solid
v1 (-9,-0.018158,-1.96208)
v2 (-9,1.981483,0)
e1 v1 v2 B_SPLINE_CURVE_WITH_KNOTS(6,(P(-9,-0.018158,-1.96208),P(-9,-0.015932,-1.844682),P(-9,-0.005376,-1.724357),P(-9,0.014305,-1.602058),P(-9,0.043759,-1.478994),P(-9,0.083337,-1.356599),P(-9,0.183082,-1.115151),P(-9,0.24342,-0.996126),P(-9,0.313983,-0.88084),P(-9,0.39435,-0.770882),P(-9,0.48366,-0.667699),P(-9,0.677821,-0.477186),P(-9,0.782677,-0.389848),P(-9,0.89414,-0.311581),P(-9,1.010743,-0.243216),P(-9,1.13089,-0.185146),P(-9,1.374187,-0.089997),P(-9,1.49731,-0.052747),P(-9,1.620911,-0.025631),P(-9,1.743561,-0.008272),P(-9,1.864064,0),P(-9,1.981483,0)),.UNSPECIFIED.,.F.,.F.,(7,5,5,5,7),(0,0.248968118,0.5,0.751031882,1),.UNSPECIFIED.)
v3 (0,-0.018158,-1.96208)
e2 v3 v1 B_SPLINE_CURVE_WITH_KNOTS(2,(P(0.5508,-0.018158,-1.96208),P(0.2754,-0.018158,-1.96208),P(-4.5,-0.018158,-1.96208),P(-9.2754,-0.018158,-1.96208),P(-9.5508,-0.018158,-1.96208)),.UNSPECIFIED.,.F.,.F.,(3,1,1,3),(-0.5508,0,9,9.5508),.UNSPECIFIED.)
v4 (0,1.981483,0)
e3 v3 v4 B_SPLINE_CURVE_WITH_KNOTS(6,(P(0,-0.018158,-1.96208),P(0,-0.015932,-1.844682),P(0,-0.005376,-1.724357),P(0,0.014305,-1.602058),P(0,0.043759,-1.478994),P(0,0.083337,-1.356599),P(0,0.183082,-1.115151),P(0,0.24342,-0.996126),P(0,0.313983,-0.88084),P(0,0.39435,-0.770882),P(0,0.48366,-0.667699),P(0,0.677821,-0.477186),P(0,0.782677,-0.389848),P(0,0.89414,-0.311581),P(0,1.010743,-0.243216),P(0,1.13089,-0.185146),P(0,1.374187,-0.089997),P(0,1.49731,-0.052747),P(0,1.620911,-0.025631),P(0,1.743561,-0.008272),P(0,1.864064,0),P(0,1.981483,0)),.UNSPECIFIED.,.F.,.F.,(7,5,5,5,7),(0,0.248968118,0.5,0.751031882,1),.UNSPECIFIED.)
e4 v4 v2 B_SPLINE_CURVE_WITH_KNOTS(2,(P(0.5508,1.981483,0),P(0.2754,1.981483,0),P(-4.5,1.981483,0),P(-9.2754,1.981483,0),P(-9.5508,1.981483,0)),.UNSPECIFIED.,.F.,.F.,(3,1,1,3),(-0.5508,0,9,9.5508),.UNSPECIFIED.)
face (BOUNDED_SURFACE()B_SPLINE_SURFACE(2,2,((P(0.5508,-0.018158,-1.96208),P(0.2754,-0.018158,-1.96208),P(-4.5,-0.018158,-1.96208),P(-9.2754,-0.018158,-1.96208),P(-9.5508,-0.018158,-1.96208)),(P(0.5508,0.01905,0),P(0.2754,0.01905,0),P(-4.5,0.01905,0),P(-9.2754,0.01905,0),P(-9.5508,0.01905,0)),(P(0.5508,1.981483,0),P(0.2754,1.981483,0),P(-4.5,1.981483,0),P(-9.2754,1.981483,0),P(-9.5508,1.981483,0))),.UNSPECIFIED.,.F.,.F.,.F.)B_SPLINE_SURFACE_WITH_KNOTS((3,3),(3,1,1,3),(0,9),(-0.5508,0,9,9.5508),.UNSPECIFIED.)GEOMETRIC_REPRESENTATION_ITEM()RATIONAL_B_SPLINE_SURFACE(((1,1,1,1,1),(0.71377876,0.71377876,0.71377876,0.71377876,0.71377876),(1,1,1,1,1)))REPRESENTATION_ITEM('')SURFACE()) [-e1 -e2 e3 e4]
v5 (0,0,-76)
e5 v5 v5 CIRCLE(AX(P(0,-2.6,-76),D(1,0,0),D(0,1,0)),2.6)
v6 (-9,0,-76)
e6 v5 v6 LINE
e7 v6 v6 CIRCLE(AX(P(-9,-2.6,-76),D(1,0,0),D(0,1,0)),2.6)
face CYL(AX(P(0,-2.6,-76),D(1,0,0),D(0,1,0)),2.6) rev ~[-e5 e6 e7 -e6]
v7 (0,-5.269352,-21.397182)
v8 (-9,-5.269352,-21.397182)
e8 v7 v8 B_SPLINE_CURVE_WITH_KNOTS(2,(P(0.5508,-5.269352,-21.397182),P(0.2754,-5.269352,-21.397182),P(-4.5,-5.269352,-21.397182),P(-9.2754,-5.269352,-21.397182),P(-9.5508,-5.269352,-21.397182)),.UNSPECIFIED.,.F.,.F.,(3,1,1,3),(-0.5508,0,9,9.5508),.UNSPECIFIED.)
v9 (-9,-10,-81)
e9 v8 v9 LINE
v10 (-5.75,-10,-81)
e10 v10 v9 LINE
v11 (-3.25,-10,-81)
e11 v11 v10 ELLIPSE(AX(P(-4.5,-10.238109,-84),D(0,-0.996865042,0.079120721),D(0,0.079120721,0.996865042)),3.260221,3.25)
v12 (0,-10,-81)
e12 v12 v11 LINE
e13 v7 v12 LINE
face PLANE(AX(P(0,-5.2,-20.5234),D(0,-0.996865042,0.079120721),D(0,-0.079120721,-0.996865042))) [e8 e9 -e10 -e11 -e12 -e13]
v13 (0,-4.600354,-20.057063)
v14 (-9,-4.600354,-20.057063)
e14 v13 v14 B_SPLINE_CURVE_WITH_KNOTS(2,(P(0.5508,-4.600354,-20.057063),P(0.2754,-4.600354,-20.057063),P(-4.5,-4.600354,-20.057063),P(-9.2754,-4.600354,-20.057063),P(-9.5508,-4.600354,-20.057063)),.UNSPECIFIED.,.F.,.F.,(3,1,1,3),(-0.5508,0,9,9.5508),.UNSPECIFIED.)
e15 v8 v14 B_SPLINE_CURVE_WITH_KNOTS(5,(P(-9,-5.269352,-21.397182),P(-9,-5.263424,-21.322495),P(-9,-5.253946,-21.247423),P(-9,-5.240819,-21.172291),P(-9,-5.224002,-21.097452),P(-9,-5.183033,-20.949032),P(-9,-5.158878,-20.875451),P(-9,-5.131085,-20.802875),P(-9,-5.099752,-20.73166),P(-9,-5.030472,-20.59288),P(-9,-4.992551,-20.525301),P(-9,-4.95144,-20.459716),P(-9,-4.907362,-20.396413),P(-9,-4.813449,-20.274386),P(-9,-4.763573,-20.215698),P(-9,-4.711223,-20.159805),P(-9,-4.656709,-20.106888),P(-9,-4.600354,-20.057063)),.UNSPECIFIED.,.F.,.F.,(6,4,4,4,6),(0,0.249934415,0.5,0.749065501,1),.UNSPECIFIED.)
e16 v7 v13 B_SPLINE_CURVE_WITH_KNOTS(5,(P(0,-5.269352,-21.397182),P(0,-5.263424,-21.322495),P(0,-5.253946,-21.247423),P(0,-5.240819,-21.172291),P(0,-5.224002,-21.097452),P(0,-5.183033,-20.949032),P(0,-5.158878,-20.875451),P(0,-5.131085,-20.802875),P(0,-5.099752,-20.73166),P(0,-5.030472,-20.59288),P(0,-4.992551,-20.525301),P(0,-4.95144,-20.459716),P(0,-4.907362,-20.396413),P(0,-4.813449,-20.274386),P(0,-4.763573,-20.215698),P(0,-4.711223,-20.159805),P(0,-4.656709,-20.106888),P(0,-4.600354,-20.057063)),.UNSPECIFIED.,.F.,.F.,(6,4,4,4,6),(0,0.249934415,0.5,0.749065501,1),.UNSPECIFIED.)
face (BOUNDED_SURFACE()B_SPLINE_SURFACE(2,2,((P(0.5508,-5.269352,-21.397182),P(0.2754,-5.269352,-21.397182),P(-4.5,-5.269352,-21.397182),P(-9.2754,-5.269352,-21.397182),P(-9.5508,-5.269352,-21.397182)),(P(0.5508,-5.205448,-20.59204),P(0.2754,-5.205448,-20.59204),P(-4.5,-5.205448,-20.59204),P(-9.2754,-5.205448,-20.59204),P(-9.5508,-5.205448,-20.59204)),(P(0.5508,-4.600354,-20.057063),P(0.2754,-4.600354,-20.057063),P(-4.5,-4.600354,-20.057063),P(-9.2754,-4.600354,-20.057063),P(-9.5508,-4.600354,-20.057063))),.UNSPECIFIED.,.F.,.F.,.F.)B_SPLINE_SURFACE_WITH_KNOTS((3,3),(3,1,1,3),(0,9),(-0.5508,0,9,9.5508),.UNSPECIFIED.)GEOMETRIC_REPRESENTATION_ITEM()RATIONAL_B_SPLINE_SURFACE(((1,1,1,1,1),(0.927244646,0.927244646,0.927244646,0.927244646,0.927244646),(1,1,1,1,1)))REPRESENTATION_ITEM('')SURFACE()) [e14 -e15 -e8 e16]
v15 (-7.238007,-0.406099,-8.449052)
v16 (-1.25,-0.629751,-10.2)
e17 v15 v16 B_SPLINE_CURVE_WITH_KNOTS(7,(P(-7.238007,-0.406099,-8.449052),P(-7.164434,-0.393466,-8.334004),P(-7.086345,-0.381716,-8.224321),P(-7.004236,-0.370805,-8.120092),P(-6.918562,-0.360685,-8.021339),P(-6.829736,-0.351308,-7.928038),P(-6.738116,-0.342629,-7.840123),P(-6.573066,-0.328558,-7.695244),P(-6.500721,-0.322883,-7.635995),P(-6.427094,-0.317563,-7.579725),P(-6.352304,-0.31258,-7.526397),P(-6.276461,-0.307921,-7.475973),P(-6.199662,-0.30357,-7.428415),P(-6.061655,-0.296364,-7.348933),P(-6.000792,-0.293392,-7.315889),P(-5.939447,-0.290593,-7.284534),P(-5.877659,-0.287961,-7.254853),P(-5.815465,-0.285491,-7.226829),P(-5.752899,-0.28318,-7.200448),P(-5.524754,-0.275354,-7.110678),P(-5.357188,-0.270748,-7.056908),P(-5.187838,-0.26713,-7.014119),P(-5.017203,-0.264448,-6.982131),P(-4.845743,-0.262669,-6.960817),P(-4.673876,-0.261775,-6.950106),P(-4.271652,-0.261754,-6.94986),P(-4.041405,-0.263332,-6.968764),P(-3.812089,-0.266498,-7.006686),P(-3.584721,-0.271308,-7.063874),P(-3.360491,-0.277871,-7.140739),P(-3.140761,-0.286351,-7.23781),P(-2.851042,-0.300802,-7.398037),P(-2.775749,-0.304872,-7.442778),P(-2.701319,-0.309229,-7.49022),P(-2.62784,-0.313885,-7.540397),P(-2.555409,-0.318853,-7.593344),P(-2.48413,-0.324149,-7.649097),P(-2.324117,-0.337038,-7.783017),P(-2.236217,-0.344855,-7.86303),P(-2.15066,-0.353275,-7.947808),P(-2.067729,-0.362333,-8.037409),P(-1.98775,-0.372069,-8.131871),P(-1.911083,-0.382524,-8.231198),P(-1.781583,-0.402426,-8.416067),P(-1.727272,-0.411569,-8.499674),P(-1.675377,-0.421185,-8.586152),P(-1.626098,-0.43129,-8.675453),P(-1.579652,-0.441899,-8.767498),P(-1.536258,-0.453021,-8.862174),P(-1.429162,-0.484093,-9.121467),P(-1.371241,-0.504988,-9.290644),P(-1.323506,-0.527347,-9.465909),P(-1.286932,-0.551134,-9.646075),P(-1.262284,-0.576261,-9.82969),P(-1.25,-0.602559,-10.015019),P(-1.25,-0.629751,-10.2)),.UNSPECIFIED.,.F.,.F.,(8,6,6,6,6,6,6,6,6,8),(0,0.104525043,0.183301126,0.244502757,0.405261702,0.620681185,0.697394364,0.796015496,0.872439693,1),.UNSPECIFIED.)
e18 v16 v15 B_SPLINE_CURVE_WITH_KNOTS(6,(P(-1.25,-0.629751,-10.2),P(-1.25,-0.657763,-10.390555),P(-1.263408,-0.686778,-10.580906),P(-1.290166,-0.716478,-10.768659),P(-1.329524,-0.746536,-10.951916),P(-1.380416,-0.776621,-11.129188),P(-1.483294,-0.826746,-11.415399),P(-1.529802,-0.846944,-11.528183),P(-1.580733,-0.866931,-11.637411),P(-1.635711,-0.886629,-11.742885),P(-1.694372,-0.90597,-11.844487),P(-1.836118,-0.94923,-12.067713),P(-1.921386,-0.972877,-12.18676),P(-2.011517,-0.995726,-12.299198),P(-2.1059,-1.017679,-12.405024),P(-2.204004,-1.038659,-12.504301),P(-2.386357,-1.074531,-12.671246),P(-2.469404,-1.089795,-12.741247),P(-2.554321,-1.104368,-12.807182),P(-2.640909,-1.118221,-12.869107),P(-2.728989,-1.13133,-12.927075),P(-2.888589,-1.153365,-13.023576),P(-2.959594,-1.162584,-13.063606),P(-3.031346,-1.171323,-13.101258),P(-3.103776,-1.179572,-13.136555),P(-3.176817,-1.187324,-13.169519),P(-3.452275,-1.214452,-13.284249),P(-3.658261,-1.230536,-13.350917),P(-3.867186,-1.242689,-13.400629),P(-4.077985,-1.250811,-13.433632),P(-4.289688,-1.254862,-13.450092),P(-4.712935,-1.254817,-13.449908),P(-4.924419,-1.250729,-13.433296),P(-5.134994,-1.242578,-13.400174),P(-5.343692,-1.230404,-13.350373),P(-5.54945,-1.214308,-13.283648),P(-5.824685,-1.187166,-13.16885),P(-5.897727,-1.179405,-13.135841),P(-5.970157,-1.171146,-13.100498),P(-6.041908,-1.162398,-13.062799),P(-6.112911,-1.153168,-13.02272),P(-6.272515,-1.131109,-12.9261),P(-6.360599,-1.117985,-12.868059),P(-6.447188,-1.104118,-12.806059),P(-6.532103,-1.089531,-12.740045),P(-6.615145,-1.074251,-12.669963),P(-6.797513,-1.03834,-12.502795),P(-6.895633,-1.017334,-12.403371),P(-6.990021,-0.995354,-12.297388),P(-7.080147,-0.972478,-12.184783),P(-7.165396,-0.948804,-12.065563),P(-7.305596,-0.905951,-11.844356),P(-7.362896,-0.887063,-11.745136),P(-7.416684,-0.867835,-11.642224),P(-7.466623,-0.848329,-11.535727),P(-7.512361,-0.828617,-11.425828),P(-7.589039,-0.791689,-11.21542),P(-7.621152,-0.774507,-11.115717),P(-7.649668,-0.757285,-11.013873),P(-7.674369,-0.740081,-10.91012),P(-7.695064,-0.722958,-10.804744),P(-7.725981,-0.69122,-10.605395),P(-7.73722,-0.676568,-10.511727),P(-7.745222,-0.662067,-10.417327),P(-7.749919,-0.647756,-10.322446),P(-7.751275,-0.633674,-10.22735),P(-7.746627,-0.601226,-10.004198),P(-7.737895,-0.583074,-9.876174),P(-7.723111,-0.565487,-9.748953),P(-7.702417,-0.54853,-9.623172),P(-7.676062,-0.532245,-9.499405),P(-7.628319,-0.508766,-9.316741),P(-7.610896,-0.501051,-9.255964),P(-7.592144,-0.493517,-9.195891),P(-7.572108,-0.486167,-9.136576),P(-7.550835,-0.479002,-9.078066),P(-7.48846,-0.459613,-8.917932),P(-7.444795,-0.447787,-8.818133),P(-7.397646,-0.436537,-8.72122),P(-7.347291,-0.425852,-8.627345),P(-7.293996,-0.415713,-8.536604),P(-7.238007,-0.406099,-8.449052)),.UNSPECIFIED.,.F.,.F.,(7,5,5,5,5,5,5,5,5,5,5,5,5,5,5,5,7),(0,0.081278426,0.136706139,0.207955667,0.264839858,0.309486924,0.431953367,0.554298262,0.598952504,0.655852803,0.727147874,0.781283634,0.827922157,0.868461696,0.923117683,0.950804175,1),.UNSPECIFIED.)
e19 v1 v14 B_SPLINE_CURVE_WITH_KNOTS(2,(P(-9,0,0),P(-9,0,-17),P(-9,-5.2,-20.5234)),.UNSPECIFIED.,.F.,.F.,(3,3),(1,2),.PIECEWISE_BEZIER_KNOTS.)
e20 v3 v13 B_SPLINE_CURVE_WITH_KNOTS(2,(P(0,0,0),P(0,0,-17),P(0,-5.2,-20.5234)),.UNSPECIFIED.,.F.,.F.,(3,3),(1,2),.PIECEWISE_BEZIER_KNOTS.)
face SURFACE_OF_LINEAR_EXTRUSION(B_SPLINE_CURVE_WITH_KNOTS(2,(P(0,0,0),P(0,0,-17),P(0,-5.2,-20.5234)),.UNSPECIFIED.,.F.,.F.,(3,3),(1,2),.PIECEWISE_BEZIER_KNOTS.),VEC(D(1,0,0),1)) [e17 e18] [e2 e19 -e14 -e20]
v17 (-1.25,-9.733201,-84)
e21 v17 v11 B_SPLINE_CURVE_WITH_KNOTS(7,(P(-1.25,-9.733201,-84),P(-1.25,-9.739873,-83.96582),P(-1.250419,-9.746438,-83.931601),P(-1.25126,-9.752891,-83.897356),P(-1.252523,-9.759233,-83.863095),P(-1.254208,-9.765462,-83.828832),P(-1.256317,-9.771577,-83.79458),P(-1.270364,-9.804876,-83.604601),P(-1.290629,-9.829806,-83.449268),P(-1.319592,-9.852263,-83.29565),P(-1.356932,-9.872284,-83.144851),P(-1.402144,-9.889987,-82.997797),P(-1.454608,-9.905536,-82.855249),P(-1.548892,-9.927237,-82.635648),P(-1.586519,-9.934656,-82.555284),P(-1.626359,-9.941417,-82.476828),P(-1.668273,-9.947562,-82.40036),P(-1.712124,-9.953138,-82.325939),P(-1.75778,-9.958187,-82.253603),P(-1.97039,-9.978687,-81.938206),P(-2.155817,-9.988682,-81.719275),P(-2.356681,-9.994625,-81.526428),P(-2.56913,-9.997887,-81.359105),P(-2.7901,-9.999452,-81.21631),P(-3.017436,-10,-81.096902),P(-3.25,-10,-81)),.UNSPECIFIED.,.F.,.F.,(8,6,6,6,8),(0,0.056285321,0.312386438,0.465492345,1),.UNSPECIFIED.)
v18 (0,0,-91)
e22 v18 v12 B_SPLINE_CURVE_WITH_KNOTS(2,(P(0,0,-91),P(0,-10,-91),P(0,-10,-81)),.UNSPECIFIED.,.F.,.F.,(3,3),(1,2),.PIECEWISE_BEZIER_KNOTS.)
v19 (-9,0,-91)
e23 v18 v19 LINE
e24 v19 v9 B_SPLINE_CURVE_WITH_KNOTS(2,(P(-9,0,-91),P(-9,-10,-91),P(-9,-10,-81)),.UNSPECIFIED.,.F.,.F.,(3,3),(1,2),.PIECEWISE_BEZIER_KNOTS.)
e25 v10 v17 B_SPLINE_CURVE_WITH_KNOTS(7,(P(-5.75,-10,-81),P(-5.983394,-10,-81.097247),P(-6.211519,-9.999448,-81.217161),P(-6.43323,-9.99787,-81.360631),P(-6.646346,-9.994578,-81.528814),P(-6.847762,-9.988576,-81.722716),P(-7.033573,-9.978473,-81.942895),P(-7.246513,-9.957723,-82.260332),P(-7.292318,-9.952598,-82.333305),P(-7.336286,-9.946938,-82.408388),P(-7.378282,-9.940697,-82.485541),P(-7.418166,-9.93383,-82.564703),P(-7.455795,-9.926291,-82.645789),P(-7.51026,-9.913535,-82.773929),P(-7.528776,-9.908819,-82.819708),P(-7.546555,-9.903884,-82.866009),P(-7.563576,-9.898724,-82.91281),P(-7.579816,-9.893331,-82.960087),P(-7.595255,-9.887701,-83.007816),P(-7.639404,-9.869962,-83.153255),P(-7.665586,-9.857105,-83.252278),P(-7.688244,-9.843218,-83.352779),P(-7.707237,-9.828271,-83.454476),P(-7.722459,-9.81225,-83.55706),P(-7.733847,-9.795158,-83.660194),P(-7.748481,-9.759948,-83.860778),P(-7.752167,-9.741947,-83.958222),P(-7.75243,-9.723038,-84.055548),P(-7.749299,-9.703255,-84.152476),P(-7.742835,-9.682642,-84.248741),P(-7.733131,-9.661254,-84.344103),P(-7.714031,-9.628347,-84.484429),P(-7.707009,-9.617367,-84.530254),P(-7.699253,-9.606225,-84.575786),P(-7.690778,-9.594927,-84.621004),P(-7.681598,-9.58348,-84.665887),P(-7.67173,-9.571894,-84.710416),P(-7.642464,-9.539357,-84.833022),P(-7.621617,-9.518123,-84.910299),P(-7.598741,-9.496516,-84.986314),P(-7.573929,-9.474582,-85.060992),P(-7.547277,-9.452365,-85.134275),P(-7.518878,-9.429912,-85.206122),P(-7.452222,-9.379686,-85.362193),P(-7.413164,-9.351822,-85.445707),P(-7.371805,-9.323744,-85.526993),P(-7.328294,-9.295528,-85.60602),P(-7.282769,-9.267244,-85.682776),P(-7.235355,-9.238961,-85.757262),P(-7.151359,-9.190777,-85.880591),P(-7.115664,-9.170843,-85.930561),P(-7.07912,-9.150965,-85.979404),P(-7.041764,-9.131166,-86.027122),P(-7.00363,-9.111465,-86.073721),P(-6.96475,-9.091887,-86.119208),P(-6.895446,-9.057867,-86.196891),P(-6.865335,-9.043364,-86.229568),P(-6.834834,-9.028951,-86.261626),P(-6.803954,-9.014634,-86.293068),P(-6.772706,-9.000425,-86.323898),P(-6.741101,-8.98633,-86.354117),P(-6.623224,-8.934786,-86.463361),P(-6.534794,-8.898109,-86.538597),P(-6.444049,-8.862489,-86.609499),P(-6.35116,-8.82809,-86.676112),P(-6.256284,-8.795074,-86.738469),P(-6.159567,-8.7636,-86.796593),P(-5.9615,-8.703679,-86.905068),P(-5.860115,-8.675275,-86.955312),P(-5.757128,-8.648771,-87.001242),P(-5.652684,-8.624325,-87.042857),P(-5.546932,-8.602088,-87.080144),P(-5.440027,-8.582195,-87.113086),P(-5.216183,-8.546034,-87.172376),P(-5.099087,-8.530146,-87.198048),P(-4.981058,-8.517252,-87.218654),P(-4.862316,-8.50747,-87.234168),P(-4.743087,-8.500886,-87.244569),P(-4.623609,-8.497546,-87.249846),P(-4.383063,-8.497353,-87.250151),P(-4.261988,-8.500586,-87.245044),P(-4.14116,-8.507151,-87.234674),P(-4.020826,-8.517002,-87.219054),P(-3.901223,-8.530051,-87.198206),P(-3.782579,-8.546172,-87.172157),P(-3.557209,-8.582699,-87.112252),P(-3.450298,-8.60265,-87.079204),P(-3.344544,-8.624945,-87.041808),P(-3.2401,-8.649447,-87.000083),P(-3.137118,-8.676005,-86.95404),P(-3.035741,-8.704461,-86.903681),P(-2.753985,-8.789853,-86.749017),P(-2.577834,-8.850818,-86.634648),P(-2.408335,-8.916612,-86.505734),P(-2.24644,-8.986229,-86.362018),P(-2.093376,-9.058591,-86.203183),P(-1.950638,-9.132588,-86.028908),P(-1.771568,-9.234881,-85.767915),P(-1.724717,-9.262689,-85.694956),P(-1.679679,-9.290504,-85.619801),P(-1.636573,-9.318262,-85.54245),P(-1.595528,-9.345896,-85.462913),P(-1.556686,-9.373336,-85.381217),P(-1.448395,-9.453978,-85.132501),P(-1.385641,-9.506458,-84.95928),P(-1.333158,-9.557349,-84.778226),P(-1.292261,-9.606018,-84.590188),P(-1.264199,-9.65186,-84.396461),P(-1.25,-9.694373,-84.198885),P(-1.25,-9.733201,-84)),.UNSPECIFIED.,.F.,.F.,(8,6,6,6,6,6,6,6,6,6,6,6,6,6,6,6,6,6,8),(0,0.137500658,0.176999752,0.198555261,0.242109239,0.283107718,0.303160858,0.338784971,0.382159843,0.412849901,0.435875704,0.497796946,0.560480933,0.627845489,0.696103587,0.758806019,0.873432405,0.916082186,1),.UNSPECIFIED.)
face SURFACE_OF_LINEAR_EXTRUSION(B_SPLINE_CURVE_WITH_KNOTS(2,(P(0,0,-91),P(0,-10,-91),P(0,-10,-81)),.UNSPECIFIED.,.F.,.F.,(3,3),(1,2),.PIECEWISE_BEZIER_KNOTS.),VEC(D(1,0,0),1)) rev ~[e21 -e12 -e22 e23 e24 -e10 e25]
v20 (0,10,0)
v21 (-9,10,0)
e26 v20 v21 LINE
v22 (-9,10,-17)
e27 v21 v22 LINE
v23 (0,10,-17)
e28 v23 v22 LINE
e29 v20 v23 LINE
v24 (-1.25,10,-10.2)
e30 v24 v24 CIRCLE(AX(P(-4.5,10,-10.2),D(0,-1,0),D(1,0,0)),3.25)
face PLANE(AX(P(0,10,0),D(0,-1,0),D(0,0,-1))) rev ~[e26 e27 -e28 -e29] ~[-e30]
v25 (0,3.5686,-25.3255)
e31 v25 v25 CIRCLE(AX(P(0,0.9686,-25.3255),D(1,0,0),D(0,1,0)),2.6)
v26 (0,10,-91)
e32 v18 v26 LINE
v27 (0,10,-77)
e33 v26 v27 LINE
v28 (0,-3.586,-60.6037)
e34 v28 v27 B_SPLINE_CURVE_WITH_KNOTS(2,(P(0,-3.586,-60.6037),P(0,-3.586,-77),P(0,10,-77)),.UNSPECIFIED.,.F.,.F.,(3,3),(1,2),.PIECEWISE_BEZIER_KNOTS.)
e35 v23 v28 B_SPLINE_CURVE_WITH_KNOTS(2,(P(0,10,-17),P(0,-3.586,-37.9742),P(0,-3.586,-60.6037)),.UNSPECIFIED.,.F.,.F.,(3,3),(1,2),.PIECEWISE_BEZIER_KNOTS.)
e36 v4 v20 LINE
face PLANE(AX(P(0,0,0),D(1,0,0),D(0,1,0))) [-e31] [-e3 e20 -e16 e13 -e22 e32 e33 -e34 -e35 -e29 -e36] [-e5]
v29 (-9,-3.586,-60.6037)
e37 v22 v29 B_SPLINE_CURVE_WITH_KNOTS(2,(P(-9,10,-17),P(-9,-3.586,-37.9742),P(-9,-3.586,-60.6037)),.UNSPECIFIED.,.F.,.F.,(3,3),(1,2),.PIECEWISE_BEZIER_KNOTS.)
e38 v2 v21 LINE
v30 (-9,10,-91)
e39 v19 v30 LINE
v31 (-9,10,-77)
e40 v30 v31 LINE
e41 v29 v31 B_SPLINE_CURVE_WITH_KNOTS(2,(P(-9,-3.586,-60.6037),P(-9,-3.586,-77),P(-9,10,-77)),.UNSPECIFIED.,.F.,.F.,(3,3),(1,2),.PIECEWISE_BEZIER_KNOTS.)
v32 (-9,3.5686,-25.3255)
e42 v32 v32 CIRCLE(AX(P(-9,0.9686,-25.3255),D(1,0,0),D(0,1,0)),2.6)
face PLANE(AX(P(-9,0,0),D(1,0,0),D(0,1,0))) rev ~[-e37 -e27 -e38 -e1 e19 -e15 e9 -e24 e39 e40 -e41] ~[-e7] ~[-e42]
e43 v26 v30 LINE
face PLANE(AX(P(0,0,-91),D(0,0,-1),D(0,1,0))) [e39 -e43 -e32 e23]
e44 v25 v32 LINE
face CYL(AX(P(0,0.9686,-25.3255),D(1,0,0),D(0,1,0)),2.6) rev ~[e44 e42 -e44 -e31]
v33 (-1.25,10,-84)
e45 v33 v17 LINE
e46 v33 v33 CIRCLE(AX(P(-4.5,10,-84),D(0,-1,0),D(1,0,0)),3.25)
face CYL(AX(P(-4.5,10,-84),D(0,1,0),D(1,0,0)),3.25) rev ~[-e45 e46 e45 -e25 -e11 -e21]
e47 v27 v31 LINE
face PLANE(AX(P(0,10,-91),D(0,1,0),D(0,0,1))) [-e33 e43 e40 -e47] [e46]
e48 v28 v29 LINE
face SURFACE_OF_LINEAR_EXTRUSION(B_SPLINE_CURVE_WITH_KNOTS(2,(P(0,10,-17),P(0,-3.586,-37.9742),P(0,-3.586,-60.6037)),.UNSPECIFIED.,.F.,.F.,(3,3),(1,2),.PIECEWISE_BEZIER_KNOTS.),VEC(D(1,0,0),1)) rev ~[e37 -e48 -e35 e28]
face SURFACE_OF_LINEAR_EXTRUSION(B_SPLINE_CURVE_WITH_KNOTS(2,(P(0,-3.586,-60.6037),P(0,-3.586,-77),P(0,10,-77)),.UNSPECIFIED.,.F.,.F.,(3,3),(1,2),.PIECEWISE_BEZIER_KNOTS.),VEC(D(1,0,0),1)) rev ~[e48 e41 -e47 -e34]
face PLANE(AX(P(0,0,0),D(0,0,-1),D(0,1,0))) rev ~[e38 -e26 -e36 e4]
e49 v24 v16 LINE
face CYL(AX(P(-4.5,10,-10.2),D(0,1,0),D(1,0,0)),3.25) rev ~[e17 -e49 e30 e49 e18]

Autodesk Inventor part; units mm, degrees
ref_plane "YZ Plane" through (0, 0, 0) normal (1, 0, 0) x (0, 1, 0)
ref_plane "XZ Plane" through (0, 0, 0) normal (0, 1, 0) x (-1, 0, 0)
ref_plane "XY Plane" through (0, 0, 0) normal (0, 0, 1) x (1, 0, 0)
sketch "Boceto3" plane through (0, 0, 0) normal (1, 0, 0) x (0, 1, 0)
  line L0 (0, -90) -> (0, -91)
  line L1 (0, -91) -> (10, -91)
  line L2 (10, -91) -> (10, -77)
  line L3 (-3.586, -60.6037) -> (-3.586, -77) construction
  line L4 (-3.586, -77) -> (10, -77) construction
  spline S0 degree 2 poles (-3.586, -60.6037) (-3.586, -77) (10, -77) knots 1 1 1 2 2 2
  line L5 (0, 0) -> (10, 0)
  line L6 (10, 0) -> (10, -17)
  line L7 (10, -17) -> (-3.586, -37.9742) construction
  line L8 (-3.586, -37.9742) -> (-3.586, -60.6037) construction
  spline S1 degree 2 poles (10, -17) (-3.586, -37.9742) (-3.586, -60.6037) knots 1 1 1 2 2 2
  line L9 (0, -91) -> (-10, -91) construction
  line L10 (-10, -91) -> (-10, -81) construction
  spline S2 degree 2 poles (0, -91) (-10, -91) (-10, -81) knots 1 1 1 2 2 2
  line L11 (-3.586, -76) -> (-2.6, -76)
  circle A0 centre (-2.6, -76) radius 2.6
  circle A1 centre (0.9686, -25.3255) radius 2.6
  line L12 (0, 0) -> (0, -17) construction
  line L13 (0, -17) -> (-5.2, -20.5234) construction
  spline S3 degree 2 poles (0, 0) (0, -17) (-5.2, -20.5234) knots 1 1 1 2 2 2
  line L14 (-5.2, -20.5234) -> (-10, -81)
  dimension "d36" = 1
  dimension "d40" = 10
  dimension "d41" = 17
extrude "Extrusión4" add sketch "Boceto3" against normal blind 9
fillet "Empalme1" radius 2 1 edges at (-4.5, -5.2, -20.5234)
fillet "Empalme2" radius 2 1 edges at (-4.5, 0, 0)
sketch "Boceto4" plane through (0, 10, -77) normal (0, 1, 0) x (1, 0, 0)
  line L0 (0, 14) -> (0, 0) projected
  line L1 (0, 14) -> (-4.5, 14)
  line L2 (0, 14) -> (-9, 14) projected
  point P0 (0, -77)
sketch "Boceto5" plane through (0, 10, 0) normal (0, 1, 0) x (1, 0, 0)
  point P0 (0, 0)
sketch "Boceto7" plane through (0, 10, -77) normal (0, 1, 0) x (1, 0, 0)
  line L0 (0, 14) -> (-9, 14) projected
  line L1 (-4.5, 14) -> (-4.5, 7)
  circle A0 centre (-4.5, 7) radius 3.25
  line L2 (-4.5, 7) -> (-4.5, -66.8)
  circle A1 centre (-4.5, -66.8) radius 3.25
  point P0 (0, -77)
  dimension "d67" = 7
  dimension "d68" = 6.5
  dimension "d69" = 73.8
  dimension "d70" = 6.5
extrude "Extrusión7" cut sketch "Boceto7" against normal blind 20
sketch "Boceto8" plane through (-9, -10, -81) normal (0, -0.9969, 0.0791) x (1, 0, 0)
  point P0 (9, 81.5373)
sketch "Boceto9" plane through (0, 10, 0) normal (0, 1, 0) x (1, 0, 0)
  point P0 (0, 0)
